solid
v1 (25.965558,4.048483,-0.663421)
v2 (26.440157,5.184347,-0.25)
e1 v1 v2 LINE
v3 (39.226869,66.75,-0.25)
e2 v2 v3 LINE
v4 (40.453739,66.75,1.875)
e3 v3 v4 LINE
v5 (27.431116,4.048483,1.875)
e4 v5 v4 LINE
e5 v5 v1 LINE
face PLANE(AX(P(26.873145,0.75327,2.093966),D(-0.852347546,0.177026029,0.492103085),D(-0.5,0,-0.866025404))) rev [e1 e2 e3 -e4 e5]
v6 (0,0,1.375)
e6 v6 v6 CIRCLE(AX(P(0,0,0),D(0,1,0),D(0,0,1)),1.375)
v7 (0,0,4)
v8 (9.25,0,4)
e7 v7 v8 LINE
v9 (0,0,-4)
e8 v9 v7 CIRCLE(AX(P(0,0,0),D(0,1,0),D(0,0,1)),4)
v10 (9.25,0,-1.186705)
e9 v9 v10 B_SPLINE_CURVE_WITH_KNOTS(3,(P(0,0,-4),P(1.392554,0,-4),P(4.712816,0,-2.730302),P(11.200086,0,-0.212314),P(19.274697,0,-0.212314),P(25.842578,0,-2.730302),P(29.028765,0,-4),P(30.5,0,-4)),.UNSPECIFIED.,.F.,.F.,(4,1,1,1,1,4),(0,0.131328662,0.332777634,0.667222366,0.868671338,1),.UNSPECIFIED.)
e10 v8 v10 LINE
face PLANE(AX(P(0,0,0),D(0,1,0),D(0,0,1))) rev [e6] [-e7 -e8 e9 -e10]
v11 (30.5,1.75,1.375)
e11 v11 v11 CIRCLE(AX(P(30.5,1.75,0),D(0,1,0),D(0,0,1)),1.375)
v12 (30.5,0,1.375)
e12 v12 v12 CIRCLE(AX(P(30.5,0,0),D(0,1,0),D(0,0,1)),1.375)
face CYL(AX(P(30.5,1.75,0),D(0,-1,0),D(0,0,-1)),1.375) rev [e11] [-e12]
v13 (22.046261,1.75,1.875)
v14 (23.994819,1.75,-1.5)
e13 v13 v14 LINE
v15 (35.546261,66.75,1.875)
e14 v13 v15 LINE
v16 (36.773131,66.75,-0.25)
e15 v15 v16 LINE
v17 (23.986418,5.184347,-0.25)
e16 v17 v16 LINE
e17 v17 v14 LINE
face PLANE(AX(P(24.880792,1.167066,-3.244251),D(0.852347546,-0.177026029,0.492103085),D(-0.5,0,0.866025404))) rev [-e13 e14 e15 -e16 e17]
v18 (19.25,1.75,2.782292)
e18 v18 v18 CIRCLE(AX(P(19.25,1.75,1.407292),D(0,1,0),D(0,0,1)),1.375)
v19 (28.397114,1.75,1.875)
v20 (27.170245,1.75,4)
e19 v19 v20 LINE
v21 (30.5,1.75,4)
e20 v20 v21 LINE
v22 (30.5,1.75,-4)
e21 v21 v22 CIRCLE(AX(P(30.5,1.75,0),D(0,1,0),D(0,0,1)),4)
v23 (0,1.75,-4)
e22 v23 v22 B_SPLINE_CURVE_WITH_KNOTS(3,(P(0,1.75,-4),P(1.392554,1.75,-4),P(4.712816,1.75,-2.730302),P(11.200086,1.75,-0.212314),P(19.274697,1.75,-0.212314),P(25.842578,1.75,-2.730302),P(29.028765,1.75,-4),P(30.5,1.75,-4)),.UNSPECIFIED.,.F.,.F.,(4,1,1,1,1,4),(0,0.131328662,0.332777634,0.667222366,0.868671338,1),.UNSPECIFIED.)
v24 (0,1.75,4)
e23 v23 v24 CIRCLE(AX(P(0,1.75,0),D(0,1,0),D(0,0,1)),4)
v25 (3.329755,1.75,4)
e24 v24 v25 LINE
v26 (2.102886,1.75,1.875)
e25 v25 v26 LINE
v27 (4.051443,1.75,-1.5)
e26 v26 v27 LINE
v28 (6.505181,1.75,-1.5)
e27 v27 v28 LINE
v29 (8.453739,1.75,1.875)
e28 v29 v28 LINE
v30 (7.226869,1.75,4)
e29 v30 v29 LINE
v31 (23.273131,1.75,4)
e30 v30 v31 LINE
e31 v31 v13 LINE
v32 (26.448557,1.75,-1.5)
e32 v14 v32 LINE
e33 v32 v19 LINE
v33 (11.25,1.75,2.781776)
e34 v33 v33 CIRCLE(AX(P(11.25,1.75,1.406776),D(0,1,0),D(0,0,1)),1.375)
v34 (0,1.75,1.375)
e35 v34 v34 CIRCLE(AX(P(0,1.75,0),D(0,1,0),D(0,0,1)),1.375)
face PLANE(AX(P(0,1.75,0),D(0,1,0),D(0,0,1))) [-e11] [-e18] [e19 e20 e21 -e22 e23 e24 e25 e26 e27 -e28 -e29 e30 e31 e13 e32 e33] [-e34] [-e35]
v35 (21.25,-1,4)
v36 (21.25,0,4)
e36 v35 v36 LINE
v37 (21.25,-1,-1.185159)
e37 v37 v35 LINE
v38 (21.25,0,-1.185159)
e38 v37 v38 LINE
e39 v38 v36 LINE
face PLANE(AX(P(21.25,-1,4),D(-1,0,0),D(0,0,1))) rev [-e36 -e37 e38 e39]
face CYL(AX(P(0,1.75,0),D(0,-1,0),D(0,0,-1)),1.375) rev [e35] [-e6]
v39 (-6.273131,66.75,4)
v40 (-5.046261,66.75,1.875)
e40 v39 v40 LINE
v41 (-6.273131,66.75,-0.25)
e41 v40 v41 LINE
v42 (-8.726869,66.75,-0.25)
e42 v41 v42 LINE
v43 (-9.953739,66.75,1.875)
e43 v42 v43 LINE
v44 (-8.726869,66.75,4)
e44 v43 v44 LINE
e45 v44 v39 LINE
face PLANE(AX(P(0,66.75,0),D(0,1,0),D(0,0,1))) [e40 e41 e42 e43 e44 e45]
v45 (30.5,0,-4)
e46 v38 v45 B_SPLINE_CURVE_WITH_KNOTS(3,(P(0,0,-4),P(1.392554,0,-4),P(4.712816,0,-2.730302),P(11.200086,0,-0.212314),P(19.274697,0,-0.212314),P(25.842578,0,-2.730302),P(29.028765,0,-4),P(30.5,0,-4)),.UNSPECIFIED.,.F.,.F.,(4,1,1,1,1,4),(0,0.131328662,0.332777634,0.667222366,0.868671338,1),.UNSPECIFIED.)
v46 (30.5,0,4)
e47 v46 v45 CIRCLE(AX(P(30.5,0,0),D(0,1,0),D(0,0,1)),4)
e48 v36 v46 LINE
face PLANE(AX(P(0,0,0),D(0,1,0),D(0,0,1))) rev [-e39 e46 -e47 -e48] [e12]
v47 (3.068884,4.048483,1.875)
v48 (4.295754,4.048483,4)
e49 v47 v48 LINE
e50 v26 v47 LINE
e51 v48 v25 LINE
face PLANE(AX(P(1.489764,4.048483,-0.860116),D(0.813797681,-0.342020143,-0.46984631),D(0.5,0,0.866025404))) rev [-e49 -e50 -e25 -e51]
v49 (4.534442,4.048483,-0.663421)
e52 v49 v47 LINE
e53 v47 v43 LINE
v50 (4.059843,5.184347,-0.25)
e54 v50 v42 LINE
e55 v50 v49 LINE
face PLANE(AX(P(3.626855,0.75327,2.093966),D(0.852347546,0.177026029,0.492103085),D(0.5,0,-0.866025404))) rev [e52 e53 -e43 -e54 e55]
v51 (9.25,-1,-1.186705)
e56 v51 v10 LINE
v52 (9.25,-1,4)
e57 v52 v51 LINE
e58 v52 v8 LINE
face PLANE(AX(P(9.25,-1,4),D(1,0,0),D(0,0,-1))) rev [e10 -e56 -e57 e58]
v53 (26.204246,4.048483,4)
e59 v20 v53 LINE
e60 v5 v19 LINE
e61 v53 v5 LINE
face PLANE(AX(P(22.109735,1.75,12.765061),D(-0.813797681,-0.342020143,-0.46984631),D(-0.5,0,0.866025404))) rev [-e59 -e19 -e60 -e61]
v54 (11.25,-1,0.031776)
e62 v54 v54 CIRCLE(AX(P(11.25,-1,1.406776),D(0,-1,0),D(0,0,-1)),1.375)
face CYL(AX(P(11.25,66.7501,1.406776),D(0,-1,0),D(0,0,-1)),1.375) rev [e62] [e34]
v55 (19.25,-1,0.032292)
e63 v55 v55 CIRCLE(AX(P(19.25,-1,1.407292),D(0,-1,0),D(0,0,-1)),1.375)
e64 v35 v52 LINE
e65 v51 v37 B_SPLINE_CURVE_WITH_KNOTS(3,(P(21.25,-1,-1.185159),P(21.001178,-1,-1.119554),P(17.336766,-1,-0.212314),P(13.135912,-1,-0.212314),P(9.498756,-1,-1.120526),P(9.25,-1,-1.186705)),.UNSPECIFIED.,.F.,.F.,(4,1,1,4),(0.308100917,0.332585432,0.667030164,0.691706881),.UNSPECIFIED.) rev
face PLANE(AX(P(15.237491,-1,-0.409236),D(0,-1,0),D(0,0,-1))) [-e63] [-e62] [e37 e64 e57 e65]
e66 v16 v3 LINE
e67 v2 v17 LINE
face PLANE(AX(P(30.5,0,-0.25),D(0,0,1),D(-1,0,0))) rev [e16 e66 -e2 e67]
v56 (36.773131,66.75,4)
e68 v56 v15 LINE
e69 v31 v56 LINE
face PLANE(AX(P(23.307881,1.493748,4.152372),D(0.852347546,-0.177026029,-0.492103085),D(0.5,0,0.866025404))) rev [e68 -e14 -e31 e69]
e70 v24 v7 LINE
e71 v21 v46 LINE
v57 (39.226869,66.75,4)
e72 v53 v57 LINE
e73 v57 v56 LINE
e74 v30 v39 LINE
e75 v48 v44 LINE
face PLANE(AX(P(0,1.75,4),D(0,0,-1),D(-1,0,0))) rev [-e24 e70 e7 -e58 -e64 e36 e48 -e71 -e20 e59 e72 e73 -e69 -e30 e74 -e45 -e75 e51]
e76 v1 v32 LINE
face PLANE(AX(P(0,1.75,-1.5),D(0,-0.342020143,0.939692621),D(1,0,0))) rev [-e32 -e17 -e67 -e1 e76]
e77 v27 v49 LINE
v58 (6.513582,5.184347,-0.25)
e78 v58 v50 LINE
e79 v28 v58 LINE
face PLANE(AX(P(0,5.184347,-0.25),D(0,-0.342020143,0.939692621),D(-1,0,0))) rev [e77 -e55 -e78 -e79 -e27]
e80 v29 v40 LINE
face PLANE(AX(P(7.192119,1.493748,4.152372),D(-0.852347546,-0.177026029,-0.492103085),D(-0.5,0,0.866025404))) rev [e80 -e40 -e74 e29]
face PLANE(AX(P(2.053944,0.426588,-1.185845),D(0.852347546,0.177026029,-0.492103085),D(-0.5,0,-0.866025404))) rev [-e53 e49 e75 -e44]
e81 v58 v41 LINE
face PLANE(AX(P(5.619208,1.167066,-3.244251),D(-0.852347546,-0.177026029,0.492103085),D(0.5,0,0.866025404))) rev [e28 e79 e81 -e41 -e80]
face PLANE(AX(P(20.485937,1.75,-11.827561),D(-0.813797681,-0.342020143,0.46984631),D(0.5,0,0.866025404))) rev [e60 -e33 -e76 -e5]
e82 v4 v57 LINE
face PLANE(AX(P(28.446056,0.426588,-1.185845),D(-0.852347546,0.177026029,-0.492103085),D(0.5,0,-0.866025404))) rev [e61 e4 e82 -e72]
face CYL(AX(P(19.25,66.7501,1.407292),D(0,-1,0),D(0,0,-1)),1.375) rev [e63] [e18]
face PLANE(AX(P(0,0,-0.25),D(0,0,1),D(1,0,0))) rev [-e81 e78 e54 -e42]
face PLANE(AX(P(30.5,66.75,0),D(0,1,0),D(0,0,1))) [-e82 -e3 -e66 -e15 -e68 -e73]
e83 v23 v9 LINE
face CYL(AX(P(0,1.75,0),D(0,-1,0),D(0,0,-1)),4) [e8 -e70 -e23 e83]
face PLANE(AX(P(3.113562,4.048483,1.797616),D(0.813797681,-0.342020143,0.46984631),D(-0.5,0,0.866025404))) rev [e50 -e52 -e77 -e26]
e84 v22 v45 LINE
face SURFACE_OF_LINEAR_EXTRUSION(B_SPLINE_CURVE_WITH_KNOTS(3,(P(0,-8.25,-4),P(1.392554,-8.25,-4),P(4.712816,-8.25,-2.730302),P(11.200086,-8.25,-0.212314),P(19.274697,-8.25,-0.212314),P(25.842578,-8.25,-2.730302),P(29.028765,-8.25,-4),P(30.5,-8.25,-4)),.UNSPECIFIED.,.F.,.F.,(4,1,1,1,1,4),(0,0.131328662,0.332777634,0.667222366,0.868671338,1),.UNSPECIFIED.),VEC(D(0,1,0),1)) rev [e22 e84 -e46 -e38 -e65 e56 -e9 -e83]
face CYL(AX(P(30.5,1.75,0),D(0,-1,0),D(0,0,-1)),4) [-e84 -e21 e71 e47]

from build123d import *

# Parameters (mm, degrees)
SKETCH2_R                        = 1.375
BOSS_EXTRUDE1_DEPTH              = 1.75
CUT_EXTRUDE1_DEPTH               = 10
CHAMFER1_SIZE                    = 1.25
CHAMFER1_SIZE2                   = 3.434346774
CHAMFER1_EDGE_2_SIZE             = 1.25
CHAMFER1_EDGE_2_SIZE2            = 2.335367
CHAMFER1_EDGE_3_SIZE             = 1.25
CHAMFER1_EDGE_3_SIZE2            = 2.335367
CHAMFER1_OF_MIRROR1_SIZE2        = 3.434346774
CHAMFER1_OF_MIRROR1_SIZE         = 1.25
CHAMFER1_EDGE_2_OF_MIRROR1_SIZE2 = 2.335367
CHAMFER1_EDGE_2_OF_MIRROR1_SIZE  = 1.25
CHAMFER1_EDGE_3_OF_MIRROR1_SIZE2 = 2.335367
CHAMFER1_EDGE_3_OF_MIRROR1_SIZE  = 1.25
BOSS_EXTRUDE2_DEPTH              = 1
SKETCH8_R                        = 1.375
CUT_EXTRUDE2_DEPTH               = 80.009920224


with BuildPart() as part:
    # Sketch2 → Boss-Extrude1 (new body)
    with BuildSketch(Plane(origin=(0, 0, 0), x_dir=(1, 0, 0), z_dir=(0, 1, 0))):
        with BuildLine():
            Line((0, 4), (30.5, 4))
            ThreePointArc((30.5, 4), (34.5, 0), (30.5, -4))
            Line((30.5, -4), (0, -4))
            ThreePointArc((0, -4), (-4, 0), (0, 4))
        make_face()
        with Locations(Location((0, 0, 0), (0, 0, 270))):
            Circle(SKETCH2_R, mode=Mode.SUBTRACT)
        with Locations(Location((30.5, 0, 0), (0, 0, 270))):
            Circle(SKETCH2_R, mode=Mode.SUBTRACT)
    extrude(amount=BOSS_EXTRUDE1_DEPTH)

    # Sketch3 → Cut-Extrude1 (cut)
    with BuildSketch(Plane(origin=(0, 1.75, 0), x_dir=(1, 0, 0), z_dir=(0, 1, 0))):
        with BuildLine():
            Line((30.5, 4), (0, 4))
            add(Edge.make_bspline(
                [(0, 4), (1.392554105, 4), (4.712816119, 2.730302251), (11.200086309, 0.212313893), (19.274696625, 0.212313893), (25.842577961, 2.730302251), (29.028765437, 4), (30.5, 4)],
                knots=[0, 0, 0, 0, 0.131328662, 0.332777634, 0.667222366, 0.868671338, 1, 1, 1, 1], degree=3))
        make_face()
    extrude(amount=-CUT_EXTRUDE1_DEPTH, mode=Mode.SUBTRACT)

    # Sketch4 → Loft1 section 0
    with BuildSketch(Plane(origin=(0, 1.75, 0), x_dir=(1, 0, 0), z_dir=(0, 1, 0))):
        with BuildLine():
            Line((8.453738644, -1.875), (7.226869322, 0.25))
            Line((7.226869322, 0.25), (4.773130678, 0.25))
            Line((4.773130678, 0.25), (3.546261356, -1.875))
            Line((3.546261356, -1.875), (4.773130678, -4))
            Line((4.773130678, -4), (7.226869322, -4))
            Line((7.226869322, -4), (8.453738644, -1.875))
        make_face()
    # Sketch5 → Loft1 section 1
    with BuildSketch(Plane(origin=(0, 66.75, 0), x_dir=(1, 0, 0), z_dir=(0, 1, 0))):
        with BuildLine():
            Line((-5.046261356, -1.875), (-6.273130678, 0.25))
            Line((-6.273130678, 0.25), (-8.726869322, 0.25))
            Line((-8.726869322, 0.25), (-9.953738644, -1.875))
            Line((-9.953738644, -1.875), (-8.726869322, -4))
            Line((-8.726869322, -4), (-6.273130678, -4))
            Line((-6.273130678, -4), (-5.046261356, -1.875))
        make_face()
    loft1 = loft()

    # Chamfer1
    chamfer1_edges = [part.edges().sort_by_distance(p)[0] for p in [
        (6, 1.75, -0.25),
    ]]
    chamfer1_side = [part.faces().sort_by_distance(p)[0] for p in [
        (15.962582186, 1.75, 0.665337448),
    ]]
    chamfer(chamfer1_edges, length=CHAMFER1_SIZE, length2=CHAMFER1_SIZE2, reference=chamfer1_side[0])

    # Chamfer1 edge 2
    chamfer1_edge_2_edges = [part.edges().sort_by_distance(p)[0] for p in [
        (4.159696017, 1.75, 0.8125),
    ]]
    chamfer1_edge_2_side = [part.faces().sort_by_distance(p)[0] for p in [
        (15.962582186, 1.75, 0.665337448),
    ]]
    chamfer(chamfer1_edge_2_edges, length=CHAMFER1_EDGE_2_SIZE, length2=CHAMFER1_EDGE_2_SIZE2, reference=chamfer1_edge_2_side[0])

    # Chamfer1 edge 3
    chamfer1_edge_3_edges = [part.edges().sort_by_distance(p)[0] for p in [
        (4.159696017, 1.75, 2.9375),
    ]]
    chamfer1_edge_3_side = [part.faces().sort_by_distance(p)[0] for p in [
        (15.962582186, 1.75, 0.665337448),
    ]]
    chamfer(chamfer1_edge_3_edges, length=CHAMFER1_EDGE_3_SIZE, length2=CHAMFER1_EDGE_3_SIZE2, reference=chamfer1_edge_3_side[0])

    # Mirror1: Loft1 across plane
    add(loft1.mirror(Plane(origin=(15.25, 0, 0), x_dir=(0, 0, 1), z_dir=(1, 0, 0))))

    # Chamfer1 of Mirror1
    chamfer1_of_mirror1_edges = [part.edges().sort_by_distance(p)[0] for p in [
        (24.5, 1.75, -0.25),
    ]]
    chamfer(chamfer1_of_mirror1_edges, length=CHAMFER1_OF_MIRROR1_SIZE, length2=CHAMFER1_OF_MIRROR1_SIZE2)

    # Chamfer1 edge 2 of Mirror1
    chamfer1_edge_2_of_mirror1_edges = [part.edges().sort_by_distance(p)[0] for p in [
        (26.340303983, 1.75, 0.8125),
    ]]
    chamfer(chamfer1_edge_2_of_mirror1_edges, length=CHAMFER1_EDGE_2_OF_MIRROR1_SIZE, length2=CHAMFER1_EDGE_2_OF_MIRROR1_SIZE2)

    # Chamfer1 edge 3 of Mirror1
    chamfer1_edge_3_of_mirror1_edges = [part.edges().sort_by_distance(p)[0] for p in [
        (26.340303983, 1.75, 2.9375),
    ]]
    chamfer(chamfer1_edge_3_of_mirror1_edges, length=CHAMFER1_EDGE_3_OF_MIRROR1_SIZE, length2=CHAMFER1_EDGE_3_OF_MIRROR1_SIZE2)

    # Sketch6 → Boss-Extrude2 (add)
    with BuildSketch(Plane.XZ):
        with BuildLine():
            Line((9.25, 4), (9.25, -1.186704991))
            add(Edge.make_bspline(
                [(9.25, -1.186704991), (9.498756449, -1.120525729), (13.135912237, -0.212313893), (17.336765902, -0.212313893), (21.001177664, -1.119553839), (21.25, -1.185159308)],
                knots=[0.308100917, 0.308100917, 0.308100917, 0.308100917, 0.332777634, 0.667222366, 0.691706881, 0.691706881, 0.691706881, 0.691706881], degree=3))
            Line((21.25, -1.185159308), (21.25, 4))
            Line((21.25, 4), (9.25, 4))
        make_face()
    extrude(amount=BOSS_EXTRUDE2_DEPTH)

    # Sketch8 → Cut-Extrude2 (cut, through all)
    with BuildSketch(Plane.XZ.offset(1)):
        with Locations(Location((11.249999996, 1.406776311, 0), (0, 0, 270))):
            Circle(SKETCH8_R)
        with Locations(Location((19.250000004, 1.407291539, 0), (0, 0, 270))):
            Circle(SKETCH8_R)
    extrude(amount=-CUT_EXTRUDE2_DEPTH, mode=Mode.SUBTRACT)


solid = part.part
